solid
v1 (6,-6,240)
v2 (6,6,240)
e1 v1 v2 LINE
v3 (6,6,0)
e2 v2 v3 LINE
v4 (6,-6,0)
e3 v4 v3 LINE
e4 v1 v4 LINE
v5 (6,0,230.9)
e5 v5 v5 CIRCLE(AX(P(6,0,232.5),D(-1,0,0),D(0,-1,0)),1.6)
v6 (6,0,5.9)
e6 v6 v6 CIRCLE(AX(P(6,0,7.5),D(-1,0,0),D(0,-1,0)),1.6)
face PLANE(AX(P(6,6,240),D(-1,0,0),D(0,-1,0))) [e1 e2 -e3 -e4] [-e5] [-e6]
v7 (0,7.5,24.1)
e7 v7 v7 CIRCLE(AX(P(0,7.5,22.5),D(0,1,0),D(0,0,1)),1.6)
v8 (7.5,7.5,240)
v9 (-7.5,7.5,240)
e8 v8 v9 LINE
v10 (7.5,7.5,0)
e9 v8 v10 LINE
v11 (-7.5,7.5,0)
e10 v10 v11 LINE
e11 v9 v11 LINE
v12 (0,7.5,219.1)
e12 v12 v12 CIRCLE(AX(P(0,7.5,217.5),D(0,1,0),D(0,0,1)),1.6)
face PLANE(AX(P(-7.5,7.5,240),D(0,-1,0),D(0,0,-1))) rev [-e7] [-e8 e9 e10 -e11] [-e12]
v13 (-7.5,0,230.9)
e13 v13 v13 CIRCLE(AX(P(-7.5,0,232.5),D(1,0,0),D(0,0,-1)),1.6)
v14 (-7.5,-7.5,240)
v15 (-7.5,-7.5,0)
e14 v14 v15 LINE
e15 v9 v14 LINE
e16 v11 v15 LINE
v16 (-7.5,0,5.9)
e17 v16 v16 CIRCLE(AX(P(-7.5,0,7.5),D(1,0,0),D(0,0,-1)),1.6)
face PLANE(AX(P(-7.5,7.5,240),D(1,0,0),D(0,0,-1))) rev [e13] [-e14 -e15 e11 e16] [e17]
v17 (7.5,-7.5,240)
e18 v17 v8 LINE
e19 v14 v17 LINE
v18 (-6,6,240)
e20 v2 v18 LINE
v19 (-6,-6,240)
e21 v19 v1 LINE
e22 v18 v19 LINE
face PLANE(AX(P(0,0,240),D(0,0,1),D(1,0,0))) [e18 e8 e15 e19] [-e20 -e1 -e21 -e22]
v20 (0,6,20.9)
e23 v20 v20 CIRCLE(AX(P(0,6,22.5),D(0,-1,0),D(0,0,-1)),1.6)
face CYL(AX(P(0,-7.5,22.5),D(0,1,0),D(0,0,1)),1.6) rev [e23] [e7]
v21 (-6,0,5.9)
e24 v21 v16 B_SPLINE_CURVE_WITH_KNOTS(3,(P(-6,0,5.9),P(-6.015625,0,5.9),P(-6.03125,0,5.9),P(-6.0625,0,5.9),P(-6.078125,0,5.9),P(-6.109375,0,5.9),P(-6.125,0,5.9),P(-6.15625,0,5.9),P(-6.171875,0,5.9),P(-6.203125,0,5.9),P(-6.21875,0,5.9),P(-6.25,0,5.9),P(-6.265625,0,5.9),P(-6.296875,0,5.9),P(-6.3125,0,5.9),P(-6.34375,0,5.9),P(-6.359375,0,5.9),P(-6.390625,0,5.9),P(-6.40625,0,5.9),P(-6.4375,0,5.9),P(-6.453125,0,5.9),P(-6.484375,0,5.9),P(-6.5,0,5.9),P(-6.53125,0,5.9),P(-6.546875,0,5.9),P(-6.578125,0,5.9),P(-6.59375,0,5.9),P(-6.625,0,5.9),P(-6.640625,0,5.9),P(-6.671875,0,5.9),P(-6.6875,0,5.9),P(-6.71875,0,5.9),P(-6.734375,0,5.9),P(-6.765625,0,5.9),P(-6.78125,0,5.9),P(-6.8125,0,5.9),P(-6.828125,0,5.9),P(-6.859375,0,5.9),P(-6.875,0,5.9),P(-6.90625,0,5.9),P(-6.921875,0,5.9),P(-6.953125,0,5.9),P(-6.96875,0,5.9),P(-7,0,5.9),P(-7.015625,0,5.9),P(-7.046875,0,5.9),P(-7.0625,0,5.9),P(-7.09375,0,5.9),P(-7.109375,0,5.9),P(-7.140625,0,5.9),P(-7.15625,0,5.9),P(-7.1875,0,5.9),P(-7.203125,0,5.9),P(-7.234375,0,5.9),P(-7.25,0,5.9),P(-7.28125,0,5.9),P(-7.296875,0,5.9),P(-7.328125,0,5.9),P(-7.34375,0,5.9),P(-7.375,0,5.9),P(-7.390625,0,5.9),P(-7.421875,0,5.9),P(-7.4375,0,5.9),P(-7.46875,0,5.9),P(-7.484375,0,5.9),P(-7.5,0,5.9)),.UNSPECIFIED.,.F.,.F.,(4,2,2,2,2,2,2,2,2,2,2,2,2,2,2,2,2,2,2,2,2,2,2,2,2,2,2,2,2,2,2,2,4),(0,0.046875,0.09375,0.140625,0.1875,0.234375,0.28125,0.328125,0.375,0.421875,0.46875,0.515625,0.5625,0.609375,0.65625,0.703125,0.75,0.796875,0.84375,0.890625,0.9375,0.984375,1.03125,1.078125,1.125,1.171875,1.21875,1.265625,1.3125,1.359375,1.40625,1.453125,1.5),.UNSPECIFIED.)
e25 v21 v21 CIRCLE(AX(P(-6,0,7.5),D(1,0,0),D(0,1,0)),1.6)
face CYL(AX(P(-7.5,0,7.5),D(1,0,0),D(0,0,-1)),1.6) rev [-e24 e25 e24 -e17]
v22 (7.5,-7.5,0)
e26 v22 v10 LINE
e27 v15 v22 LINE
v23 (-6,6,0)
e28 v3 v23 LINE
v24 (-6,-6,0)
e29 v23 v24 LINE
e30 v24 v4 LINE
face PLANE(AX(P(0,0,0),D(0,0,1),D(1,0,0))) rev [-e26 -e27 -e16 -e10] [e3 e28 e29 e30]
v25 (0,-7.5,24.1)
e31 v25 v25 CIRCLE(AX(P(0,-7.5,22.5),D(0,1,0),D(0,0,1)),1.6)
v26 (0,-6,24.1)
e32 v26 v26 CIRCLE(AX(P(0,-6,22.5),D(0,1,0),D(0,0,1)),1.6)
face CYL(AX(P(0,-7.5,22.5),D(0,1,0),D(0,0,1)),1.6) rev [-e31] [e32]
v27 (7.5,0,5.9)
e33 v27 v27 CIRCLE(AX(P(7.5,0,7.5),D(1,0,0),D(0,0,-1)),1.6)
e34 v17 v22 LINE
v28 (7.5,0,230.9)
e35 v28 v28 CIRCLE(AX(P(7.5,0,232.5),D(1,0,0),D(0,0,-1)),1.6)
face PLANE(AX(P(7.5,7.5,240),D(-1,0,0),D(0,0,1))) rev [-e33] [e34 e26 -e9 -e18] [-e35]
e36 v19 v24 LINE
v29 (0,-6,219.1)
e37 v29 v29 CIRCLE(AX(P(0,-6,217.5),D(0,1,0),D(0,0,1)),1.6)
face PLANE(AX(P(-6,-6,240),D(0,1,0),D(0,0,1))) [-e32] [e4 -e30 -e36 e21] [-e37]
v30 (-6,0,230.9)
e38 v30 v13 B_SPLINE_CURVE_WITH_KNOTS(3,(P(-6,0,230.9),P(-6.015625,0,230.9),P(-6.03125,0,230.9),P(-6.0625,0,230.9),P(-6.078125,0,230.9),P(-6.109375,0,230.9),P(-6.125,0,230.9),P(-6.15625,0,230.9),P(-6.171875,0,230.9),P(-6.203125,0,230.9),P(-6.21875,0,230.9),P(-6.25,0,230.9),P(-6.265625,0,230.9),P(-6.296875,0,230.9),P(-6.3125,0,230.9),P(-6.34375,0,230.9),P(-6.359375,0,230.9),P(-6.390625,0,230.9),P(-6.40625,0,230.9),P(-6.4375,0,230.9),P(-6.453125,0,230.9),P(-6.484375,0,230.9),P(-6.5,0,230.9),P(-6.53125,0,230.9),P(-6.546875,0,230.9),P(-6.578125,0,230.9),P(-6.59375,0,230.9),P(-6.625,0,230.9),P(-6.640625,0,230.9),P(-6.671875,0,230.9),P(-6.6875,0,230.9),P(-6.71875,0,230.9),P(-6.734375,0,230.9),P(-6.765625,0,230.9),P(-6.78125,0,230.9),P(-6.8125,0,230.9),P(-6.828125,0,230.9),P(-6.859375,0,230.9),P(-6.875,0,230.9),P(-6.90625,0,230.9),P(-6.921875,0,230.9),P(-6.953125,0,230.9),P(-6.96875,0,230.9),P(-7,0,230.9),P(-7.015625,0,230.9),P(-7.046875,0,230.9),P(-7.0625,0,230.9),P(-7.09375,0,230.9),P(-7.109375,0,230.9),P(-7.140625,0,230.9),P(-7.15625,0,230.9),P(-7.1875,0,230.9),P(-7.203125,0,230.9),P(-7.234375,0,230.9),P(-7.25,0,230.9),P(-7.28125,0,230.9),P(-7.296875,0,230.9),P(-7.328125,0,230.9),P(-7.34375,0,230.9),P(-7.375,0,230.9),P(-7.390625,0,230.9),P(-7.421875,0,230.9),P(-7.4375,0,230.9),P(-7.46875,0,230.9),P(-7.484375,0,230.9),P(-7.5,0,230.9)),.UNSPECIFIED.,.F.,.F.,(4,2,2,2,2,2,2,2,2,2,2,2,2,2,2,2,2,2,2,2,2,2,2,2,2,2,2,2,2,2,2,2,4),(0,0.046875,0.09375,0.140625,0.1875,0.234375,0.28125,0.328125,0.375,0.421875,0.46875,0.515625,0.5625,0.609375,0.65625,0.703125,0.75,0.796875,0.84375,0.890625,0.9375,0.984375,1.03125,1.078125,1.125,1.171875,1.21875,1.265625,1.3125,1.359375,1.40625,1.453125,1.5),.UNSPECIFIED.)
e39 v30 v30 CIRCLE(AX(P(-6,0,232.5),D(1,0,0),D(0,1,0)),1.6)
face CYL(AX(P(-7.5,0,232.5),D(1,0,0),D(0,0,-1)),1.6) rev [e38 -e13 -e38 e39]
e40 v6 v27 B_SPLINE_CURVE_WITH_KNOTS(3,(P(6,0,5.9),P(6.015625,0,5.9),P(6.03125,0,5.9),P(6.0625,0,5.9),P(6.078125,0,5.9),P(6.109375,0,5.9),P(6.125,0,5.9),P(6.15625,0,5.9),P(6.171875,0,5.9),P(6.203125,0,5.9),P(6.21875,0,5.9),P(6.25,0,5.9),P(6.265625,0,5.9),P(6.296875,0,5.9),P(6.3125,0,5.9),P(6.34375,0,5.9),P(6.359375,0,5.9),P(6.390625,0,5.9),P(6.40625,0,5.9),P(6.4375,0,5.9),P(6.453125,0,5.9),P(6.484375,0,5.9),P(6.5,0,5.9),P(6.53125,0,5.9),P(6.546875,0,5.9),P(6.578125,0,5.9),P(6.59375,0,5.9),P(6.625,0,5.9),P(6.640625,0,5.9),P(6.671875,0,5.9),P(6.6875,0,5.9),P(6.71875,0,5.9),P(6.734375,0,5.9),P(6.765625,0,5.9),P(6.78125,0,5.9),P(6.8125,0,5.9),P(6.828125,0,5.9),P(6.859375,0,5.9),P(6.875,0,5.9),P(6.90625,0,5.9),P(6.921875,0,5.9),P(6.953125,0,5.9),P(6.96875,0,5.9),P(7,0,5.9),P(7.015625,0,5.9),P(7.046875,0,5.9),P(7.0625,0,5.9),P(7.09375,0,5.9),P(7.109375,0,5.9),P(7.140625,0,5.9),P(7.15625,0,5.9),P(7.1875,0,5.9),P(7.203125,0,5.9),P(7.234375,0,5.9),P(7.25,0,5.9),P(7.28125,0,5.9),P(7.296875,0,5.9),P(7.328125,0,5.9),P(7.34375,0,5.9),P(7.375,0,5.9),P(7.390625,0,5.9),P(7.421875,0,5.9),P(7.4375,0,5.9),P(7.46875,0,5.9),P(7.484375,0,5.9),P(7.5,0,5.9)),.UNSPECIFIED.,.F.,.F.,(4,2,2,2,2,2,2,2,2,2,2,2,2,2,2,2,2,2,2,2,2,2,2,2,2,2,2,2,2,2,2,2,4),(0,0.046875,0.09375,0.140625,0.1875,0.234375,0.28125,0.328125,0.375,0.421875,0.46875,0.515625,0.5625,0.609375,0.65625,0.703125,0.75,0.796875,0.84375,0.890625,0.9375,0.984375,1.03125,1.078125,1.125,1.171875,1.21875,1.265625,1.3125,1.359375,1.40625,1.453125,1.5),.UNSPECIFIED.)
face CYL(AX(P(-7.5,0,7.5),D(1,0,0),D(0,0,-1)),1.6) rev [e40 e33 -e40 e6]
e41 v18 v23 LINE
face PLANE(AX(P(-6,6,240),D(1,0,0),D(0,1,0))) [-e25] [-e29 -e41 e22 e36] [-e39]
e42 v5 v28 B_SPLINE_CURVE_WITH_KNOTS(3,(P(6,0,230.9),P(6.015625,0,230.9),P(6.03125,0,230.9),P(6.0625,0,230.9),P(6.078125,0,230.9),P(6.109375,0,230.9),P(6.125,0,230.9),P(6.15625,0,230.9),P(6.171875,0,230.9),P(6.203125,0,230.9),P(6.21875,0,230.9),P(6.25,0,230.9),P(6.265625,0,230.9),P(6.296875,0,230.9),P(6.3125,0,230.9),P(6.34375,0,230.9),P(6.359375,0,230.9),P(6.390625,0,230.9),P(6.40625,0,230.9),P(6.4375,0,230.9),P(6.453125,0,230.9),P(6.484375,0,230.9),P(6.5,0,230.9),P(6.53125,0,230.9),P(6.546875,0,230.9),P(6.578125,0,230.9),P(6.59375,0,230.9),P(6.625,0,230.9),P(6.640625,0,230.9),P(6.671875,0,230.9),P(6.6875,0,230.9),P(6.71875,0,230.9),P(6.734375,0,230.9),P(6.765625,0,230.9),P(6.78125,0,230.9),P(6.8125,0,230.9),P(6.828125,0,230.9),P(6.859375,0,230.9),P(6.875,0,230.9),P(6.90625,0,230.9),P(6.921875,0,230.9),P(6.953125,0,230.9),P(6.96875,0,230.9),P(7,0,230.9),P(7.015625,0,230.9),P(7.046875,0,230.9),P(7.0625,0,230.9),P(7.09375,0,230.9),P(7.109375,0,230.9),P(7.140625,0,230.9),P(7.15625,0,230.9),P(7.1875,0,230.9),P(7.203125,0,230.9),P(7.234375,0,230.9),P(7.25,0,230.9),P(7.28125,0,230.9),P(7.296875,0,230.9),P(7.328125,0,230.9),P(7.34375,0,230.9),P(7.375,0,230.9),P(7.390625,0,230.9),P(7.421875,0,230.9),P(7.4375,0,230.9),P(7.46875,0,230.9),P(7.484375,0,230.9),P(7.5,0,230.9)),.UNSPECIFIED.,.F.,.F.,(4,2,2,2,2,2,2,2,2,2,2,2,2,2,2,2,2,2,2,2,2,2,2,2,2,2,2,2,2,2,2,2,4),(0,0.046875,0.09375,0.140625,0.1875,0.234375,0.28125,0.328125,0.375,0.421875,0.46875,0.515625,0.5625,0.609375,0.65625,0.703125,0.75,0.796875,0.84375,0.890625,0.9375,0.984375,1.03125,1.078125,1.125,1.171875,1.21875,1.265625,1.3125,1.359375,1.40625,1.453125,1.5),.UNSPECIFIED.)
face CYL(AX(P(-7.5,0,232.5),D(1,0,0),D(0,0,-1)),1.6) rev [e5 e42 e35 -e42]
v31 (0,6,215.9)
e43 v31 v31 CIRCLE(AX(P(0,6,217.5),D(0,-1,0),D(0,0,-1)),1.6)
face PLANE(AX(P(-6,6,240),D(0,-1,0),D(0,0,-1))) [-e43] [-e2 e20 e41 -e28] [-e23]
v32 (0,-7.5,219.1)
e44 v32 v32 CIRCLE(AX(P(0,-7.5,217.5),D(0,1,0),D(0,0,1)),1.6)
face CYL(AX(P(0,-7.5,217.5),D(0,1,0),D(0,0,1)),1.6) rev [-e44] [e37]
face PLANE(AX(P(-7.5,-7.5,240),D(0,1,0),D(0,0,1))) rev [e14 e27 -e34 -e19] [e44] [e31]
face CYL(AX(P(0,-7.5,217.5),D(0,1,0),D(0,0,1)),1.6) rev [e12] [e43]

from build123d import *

# Parameters (mm, degrees)
SKETCH_1_W          = 15
SKETCH_1_H          = 15
SKETCH_1_W_2        = 12
SKETCH_1_H_2        = 12
EXTRUDE_1_DEPTH     = 240
SKETCH_2_R          = 1.6
CUT_EXTRUDE_1_DEPTH = 241.585223985
SKETCH_3_R          = 1.6
CUT_EXTRUDE_2_DEPTH = 241.585223985


with BuildPart() as part:
    # ｽｹｯﾁ1 → ﾎﾞｽ - 押し出し1 (new body)
    with BuildSketch(Plane.XY):
        Rectangle(SKETCH_1_W, SKETCH_1_H)
        Rectangle(SKETCH_1_W_2, SKETCH_1_H_2, mode=Mode.SUBTRACT)
    extrude(amount=EXTRUDE_1_DEPTH)

    # ｽｹｯﾁ2 → ｶｯﾄ - 押し出し1 (cut, through all)
    with BuildSketch(Plane(origin=(0, 7.5, 0), x_dir=(1, 0, 0), z_dir=(0, 1, 0))):
        with Locations(Location((0, -22.5, 0), (0, 0, 270))):
            Circle(SKETCH_2_R)
        with Locations(Location((0, -217.5, 0), (0, 0, 270))):
            Circle(SKETCH_2_R)
    extrude(amount=-CUT_EXTRUDE_1_DEPTH, mode=Mode.SUBTRACT)

    # ｽｹｯﾁ3 → ｶｯﾄ - 押し出し2 (cut, through all)
    with BuildSketch(Plane(origin=(7.5, 0, 0), x_dir=(0, 0, -1), z_dir=(1, 0, 0))):
        with Locations((-232.5, 0)):
            Circle(SKETCH_3_R)
        with Locations((-7.5, 0)):
            Circle(SKETCH_3_R)
    extrude(amount=-CUT_EXTRUDE_2_DEPTH, mode=Mode.SUBTRACT)


solid = part.part
